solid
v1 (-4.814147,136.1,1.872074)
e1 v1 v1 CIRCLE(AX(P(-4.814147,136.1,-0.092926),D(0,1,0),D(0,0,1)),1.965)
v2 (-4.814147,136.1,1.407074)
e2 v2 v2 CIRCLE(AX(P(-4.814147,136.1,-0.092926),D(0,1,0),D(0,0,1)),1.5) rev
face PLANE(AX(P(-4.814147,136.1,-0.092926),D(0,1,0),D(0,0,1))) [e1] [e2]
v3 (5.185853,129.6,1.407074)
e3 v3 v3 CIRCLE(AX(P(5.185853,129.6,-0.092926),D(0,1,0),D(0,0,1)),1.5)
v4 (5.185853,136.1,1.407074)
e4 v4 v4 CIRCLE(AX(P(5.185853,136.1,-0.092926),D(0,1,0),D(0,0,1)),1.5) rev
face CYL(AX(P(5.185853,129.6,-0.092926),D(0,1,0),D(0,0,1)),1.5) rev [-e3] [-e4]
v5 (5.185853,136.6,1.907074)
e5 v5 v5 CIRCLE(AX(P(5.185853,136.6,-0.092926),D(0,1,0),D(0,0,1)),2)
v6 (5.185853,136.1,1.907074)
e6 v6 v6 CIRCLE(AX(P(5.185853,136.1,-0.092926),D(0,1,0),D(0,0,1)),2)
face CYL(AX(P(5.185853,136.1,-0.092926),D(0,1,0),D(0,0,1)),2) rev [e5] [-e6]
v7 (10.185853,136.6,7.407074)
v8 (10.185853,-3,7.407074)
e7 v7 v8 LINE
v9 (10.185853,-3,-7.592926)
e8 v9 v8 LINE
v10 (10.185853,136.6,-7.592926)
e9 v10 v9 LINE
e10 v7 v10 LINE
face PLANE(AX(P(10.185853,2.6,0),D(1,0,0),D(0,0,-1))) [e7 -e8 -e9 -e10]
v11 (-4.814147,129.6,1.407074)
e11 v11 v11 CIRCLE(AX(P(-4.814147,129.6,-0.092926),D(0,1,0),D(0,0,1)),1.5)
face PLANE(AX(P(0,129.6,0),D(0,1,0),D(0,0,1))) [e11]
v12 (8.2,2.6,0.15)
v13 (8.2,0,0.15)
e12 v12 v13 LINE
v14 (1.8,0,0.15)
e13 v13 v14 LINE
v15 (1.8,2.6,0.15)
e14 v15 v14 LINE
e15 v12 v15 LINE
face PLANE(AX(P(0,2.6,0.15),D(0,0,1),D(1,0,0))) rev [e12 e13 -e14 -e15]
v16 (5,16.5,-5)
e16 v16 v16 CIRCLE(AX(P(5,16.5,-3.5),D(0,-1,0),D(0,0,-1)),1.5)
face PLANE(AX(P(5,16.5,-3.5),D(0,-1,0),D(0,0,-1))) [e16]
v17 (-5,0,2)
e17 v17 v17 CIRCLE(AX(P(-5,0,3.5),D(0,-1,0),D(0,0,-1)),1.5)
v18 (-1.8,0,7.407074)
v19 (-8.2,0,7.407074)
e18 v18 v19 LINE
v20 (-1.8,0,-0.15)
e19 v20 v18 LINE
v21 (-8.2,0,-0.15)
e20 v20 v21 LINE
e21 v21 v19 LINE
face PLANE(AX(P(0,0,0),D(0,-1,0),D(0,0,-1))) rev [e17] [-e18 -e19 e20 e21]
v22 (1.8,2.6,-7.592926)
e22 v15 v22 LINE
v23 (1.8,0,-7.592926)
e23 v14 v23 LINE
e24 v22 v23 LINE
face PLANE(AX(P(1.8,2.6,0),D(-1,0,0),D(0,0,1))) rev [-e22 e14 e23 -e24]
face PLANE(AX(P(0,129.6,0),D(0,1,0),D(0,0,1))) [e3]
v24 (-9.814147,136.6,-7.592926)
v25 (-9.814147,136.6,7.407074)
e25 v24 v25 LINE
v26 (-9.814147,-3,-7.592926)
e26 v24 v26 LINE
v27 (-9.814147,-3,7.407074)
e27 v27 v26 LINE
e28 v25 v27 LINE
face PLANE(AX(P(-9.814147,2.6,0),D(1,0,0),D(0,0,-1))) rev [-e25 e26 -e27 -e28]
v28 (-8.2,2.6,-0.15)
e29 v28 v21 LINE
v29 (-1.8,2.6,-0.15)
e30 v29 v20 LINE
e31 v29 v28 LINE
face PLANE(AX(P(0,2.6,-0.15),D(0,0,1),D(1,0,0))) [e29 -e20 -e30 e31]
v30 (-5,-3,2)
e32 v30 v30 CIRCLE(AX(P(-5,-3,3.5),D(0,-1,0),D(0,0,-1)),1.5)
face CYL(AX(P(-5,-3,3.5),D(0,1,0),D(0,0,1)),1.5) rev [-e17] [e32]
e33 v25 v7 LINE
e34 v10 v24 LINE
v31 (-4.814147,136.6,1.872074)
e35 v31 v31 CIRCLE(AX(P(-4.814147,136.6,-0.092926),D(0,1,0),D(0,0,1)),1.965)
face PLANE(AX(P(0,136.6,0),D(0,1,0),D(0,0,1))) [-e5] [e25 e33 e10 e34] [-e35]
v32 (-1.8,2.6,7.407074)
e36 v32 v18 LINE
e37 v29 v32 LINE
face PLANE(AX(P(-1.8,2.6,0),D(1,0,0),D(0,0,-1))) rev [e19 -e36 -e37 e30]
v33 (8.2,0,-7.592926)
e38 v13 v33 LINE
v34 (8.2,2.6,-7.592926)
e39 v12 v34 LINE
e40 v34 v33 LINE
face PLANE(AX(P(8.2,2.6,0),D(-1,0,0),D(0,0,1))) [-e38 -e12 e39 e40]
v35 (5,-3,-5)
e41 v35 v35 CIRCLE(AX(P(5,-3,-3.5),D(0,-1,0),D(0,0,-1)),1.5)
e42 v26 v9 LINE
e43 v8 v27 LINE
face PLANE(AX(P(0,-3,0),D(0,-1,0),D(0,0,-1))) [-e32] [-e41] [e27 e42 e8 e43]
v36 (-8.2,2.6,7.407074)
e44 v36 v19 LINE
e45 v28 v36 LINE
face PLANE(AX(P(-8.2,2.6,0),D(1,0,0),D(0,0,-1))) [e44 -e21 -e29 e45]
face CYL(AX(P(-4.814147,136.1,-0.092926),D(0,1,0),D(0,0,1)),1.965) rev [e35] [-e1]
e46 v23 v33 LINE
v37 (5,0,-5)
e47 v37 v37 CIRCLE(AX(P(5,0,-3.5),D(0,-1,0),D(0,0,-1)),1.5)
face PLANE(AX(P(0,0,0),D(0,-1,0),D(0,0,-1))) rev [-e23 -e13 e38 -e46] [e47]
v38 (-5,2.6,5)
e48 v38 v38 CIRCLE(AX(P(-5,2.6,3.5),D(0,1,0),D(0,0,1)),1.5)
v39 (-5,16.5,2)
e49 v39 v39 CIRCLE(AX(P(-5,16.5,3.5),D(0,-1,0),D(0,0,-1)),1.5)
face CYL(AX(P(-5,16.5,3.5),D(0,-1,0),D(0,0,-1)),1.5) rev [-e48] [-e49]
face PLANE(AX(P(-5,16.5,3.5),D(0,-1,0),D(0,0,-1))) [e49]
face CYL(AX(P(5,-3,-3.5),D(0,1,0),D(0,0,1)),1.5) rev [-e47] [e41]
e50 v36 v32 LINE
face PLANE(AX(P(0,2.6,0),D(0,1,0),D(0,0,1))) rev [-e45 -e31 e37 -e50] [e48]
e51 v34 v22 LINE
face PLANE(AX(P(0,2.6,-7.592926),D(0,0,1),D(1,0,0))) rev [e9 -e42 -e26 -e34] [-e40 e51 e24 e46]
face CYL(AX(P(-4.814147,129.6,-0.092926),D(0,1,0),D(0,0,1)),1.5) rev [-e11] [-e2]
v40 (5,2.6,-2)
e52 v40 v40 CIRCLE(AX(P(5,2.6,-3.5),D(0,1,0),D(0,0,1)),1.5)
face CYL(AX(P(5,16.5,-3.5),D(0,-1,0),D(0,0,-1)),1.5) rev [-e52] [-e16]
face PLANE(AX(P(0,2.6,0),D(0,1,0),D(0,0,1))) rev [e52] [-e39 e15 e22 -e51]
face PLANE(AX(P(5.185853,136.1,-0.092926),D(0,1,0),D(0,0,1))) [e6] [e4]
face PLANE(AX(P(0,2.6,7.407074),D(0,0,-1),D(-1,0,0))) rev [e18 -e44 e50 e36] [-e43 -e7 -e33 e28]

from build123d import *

# Parameters (mm, degrees)
BOSS_EXTRUDE1_DEPTH = 2.6
SKETCH2_R           = 1.5
BOSS_EXTRUDE2_DEPTH = 3
SKETCH6_R           = 1.5
BOSS_EXTRUDE3_DEPTH = 134
SKETCH8_R           = 1.5
CUT_EXTRUDE1_DEPTH  = 19.5
SKETCH9_R           = 1.5
CUT_EXTRUDE2_DEPTH  = 7
SKETCH10_R          = 1.965
SKETCH10_R_2        = 2
CUT_EXTRUDE4_DEPTH  = 0.5


with BuildPart() as part:
    # Sketch1 → Boss-Extrude1 (new body)
    with BuildSketch(Plane(origin=(0, 0, 0), x_dir=(1, 0, 0), z_dir=(0, 1, 0))):
        Polygon((-8.2, -7.407073571), (-8.2, -3.5), (-8.2, 0.15), (-5, 0.15), (-1.8, 0.15), (-1.8, -3.5), (-1.8, -7.407073571), (10.185852857, -7.407073571), (10.185852857, 3.5), (10.185852857, 7.592926429), (8.2, 7.592926429), (8.2, 3.5), (8.2, -0.15), (5, -0.15), (1.8, -0.15), (1.8, 3.5), (1.8, 7.592926429), (-9.814147143, 7.592926429), (-9.814147143, -7.407073571), align=None)
    extrude(amount=BOSS_EXTRUDE1_DEPTH)

    # Sketch2 → Boss-Extrude2 (add)
    with BuildSketch(Plane.XZ):
        Polygon((-8.2, 7.407073571), (-9.814147143, 7.407073571), (-9.814147143, -7.592926429), (1.8, -7.592926429), (1.8, -3.5), (1.8, 0.15), (5, 0.15), (8.2, 0.15), (8.2, -3.5), (8.2, -7.592926429), (10.185852857, -7.592926429), (10.185852857, -3.5), (10.185852857, 7.407073571), (-1.8, 7.407073571), (-1.8, 3.5), (-1.8, -0.15), (-5, -0.15), (-8.2, -0.15), (-8.2, 3.5), align=None)
        Polygon((1.8, -3.5), (1.8, -7.592926429), (5.185852857, -7.592926429), (8.2, -7.592926429), (8.2, -3.5), (8.2, 0.15), (5, 0.15), (1.8, 0.15), align=None)
        with Locations((5, -3.5)):
            Circle(SKETCH2_R, mode=Mode.SUBTRACT)
        Polygon((-1.8, 7.407073571), (-8.2, 7.407073571), (-8.2, 3.5), (-8.2, -0.15), (-5, -0.15), (-1.8, -0.15), (-1.8, 3.5), align=None)
        with Locations((-5, 3.5)):
            Circle(SKETCH2_R, mode=Mode.SUBTRACT)
    extrude(amount=BOSS_EXTRUDE2_DEPTH)

    # Sketch6 → Boss-Extrude3 (add)
    with BuildSketch(Plane(origin=(0, 2.6, 0), x_dir=(1, 0, 0), z_dir=(0, 1, 0))):
        Polygon((-8.2, -3.5), (-8.2, -7.407073571), (-1.8, -7.407073571), (-1.8, -3.5), (-1.8, 0.15), (-5, 0.15), (-8.2, 0.15), align=None)
        with Locations((-5, -3.5)):
            Circle(SKETCH6_R, mode=Mode.SUBTRACT)
        Polygon((5.185852857, 7.592926429), (1.8, 7.592926429), (1.8, 3.5), (1.8, -0.15), (5, -0.15), (8.2, -0.15), (8.2, 3.5), (8.2, 7.592926429), align=None)
        with Locations((5, 3.5)):
            Circle(SKETCH6_R, mode=Mode.SUBTRACT)
        Polygon((1.8, 7.592926429), (-9.814147143, 7.592926429), (-9.814147143, -7.407073571), (-8.2, -7.407073571), (-8.2, -3.5), (-8.2, 0.15), (-5, 0.15), (-1.8, 0.15), (-1.8, -3.5), (-1.8, -7.407073571), (10.185852857, -7.407073571), (10.185852857, 3.5), (10.185852857, 7.592926429), (8.2, 7.592926429), (8.2, 3.5), (8.2, -0.15), (5, -0.15), (1.8, -0.15), (1.8, 3.5), align=None)
        with Locations((-5, -3.5)):
            Circle(SKETCH6_R)
        with Locations((5, 3.5)):
            Circle(SKETCH6_R)
    extrude(amount=BOSS_EXTRUDE3_DEPTH)

    # Sketch8 → Cut-Extrude1 (cut)
    with BuildSketch(Plane.XZ.offset(3)):
        with Locations((-5, 3.5)):
            Circle(SKETCH8_R)
        with Locations((5, -3.5)):
            Circle(SKETCH8_R)
    extrude(amount=-CUT_EXTRUDE1_DEPTH, mode=Mode.SUBTRACT)

    # Sketch9 → Cut-Extrude2 (cut)
    with BuildSketch(Plane(origin=(0, 136.6, 0), x_dir=(1, 0, 0), z_dir=(0, 1, 0))):
        with Locations((-4.814147143, 0.092926429)):
            Circle(SKETCH9_R)
        with Locations((5.185852857, 0.092926429)):
            Circle(SKETCH9_R)
    extrude(amount=-CUT_EXTRUDE2_DEPTH, mode=Mode.SUBTRACT)

    # Sketch10 → Cut-Extrude4 (cut)
    with BuildSketch(Plane(origin=(0, 136.6, 0), x_dir=(1, 0, 0), z_dir=(0, 1, 0))):
        with Locations((-4.814147143, 0.092926429)):
            Circle(SKETCH10_R)
        with Locations((5.185852857, 0.092926429)):
            Circle(SKETCH10_R_2)
    extrude(amount=-CUT_EXTRUDE4_DEPTH, mode=Mode.SUBTRACT)


solid = part.part
